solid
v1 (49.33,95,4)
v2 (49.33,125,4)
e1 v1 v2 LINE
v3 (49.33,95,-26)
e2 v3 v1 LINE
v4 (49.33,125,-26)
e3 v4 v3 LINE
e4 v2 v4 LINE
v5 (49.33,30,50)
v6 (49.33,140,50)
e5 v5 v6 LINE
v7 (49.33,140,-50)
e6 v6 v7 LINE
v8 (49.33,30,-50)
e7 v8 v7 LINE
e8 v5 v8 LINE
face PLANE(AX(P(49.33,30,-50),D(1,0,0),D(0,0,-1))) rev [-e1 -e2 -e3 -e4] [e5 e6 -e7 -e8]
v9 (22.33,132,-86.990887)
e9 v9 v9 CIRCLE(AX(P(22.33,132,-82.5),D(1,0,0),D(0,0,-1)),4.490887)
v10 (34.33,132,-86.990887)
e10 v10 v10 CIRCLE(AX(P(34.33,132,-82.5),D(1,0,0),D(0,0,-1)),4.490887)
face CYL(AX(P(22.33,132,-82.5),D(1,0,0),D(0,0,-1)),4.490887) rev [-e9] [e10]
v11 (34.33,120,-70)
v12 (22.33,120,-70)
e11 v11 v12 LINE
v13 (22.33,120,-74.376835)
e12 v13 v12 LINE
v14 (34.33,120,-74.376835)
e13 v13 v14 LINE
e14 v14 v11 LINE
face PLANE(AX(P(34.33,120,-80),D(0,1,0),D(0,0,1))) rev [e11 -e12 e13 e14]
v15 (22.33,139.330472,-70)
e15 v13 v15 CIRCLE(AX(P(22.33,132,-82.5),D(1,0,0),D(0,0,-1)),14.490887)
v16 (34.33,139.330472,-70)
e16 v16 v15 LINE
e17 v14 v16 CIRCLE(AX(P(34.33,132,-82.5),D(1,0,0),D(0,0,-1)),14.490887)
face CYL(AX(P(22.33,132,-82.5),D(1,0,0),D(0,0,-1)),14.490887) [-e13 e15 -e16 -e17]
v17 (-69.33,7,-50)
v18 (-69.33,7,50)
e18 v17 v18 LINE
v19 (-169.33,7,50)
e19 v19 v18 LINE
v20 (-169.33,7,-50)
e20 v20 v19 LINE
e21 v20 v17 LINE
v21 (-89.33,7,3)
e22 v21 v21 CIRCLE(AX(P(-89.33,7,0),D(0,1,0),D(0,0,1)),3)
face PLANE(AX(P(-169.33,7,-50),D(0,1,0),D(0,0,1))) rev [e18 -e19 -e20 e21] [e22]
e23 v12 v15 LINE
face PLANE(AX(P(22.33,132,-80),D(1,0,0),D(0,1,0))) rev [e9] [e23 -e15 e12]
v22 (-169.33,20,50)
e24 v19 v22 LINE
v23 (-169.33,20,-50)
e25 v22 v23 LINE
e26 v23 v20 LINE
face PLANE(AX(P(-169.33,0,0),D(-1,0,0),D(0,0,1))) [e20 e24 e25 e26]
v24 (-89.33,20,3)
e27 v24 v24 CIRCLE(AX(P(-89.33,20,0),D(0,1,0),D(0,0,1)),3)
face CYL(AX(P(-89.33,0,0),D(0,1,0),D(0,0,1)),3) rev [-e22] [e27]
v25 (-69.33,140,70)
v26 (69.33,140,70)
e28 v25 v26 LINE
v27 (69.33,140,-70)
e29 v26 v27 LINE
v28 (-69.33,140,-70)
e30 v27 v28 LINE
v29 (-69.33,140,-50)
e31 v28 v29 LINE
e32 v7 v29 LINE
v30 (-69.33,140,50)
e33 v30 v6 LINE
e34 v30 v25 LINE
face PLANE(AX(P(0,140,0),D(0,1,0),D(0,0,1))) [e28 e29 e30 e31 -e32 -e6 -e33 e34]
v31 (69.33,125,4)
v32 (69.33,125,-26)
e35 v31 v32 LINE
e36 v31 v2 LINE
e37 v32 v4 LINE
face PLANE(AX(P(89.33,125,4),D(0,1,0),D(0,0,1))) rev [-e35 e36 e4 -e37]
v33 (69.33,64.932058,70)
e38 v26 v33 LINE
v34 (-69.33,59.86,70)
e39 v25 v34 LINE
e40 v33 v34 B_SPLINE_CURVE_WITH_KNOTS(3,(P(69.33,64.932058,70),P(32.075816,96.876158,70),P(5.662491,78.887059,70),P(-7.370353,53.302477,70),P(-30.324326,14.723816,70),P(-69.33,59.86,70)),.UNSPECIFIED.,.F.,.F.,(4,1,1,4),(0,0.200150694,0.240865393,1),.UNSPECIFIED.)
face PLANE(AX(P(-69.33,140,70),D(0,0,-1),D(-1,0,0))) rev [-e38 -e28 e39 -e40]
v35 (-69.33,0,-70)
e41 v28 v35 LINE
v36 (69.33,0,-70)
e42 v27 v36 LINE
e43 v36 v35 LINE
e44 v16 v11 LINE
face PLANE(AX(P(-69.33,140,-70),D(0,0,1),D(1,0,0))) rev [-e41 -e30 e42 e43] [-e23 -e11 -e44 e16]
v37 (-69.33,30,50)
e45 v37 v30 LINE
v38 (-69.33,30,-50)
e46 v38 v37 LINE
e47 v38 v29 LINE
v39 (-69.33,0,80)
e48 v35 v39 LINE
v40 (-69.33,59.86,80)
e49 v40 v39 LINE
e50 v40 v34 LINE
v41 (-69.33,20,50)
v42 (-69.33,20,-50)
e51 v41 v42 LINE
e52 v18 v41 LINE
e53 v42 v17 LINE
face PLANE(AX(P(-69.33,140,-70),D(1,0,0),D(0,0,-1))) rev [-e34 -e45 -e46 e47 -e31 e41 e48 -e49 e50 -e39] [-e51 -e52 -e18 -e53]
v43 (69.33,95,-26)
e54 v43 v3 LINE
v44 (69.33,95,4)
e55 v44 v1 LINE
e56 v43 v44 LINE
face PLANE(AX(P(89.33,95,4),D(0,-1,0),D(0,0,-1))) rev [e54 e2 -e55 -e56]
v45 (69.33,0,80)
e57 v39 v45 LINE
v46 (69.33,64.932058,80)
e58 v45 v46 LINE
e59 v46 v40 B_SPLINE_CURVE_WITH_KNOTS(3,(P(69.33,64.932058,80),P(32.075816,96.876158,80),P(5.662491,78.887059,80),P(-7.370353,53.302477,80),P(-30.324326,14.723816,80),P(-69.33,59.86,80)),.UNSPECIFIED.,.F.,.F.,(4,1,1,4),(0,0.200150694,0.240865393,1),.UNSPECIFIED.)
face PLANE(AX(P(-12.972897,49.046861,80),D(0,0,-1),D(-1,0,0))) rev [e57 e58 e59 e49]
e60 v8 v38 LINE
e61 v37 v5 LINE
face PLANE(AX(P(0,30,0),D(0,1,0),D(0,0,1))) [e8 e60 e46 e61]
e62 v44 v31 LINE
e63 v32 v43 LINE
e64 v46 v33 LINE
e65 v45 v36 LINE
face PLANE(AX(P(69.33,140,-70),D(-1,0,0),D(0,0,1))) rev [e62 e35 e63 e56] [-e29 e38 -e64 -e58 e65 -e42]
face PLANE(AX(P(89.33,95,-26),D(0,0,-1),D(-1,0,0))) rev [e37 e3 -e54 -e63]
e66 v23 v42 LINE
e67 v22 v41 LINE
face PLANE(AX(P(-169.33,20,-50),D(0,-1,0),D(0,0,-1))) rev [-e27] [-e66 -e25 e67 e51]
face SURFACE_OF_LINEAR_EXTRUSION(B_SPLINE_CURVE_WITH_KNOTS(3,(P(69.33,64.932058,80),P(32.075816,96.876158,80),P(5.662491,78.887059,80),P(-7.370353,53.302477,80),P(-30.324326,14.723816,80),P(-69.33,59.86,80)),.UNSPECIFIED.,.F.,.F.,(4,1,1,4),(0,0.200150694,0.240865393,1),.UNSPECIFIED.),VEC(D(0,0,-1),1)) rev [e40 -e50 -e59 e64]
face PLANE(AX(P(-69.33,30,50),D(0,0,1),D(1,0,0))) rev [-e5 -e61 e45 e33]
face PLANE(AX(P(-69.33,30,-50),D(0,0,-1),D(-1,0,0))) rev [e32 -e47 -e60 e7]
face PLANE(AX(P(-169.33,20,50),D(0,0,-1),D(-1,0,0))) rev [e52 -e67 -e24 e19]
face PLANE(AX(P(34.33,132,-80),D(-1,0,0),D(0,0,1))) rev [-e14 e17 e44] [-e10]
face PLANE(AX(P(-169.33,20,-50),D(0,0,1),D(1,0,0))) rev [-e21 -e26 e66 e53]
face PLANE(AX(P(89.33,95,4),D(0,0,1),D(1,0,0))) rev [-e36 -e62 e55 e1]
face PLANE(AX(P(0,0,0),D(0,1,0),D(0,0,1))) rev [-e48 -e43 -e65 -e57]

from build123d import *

# Parameters (mm, degrees)
SKETCH_1_W          = 138.66
SKETCH_1_H          = 140
EXTRUDE_1_DEPTH     = 140
SKETCH_2_W          = 118.66
SKETCH_2_H          = 100
CUT_EXTRUDE_1_DEPTH = 110
SKETCH_3_W          = 100
SKETCH_3_H          = 13
EXTRUDE_2_DEPTH     = 100
SKETCH_4_R          = 3
CUT_EXTRUDE_3_DEPTH = 220.026594047
SKETCH_5_W          = 12
SKETCH_5_H          = 12
EXTRUDE_3_DEPTH     = 10
SKETCH_6_R          = 14.490887282
SKETCH_6_R_2        = 4.490887282
EXTRUDE_2_2_DEPTH   = 12
SKETCH_7_R          = 4.490887282
CUT_EXTRUDE_4_DEPTH = 269.968786056
EXTRUDE_4_DEPTH     = 10
SKETCH_10_W         = 30
SKETCH_10_H         = 30
CUT_EXTRUDE_6_DEPTH = 40


with BuildPart() as part:
    # 草圖1 → 填料-伸長1 (new body)
    with BuildSketch(Plane(origin=(0, 0, 0), x_dir=(1, 0, 0), z_dir=(0, 1, 0))):
        Rectangle(SKETCH_1_W, SKETCH_1_H)
    extrude(amount=EXTRUDE_1_DEPTH)

    # 草圖2 → 除料-伸長1 (cut)
    with BuildSketch(Plane(origin=(0, 140, 0), x_dir=(1, 0, 0), z_dir=(0, 1, 0))):
        with Locations((-10, 0)):
            Rectangle(SKETCH_2_W, SKETCH_2_H)
    extrude(amount=-CUT_EXTRUDE_1_DEPTH, mode=Mode.SUBTRACT)

    # 草圖3 → Extrude 2 (add)
    with BuildSketch(Plane.ZY.offset(69.33)):
        with Locations((0, 13.5)):
            Rectangle(SKETCH_3_W, SKETCH_3_H)
    extrude(amount=EXTRUDE_2_DEPTH)

    # 草圖4 → 除料-伸長3 (cut, through all)
    with BuildSketch(Plane(origin=(0, 20, 0), x_dir=(1, 0, 0), z_dir=(0, 1, 0))):
        with Locations(Location((-89.33, 0, 0), (0, 0, 270))):
            Circle(SKETCH_4_R)
    extrude(amount=-CUT_EXTRUDE_3_DEPTH, mode=Mode.SUBTRACT)

    # 草圖5 → 填料-伸長3 (add)
    with BuildSketch(Plane(origin=(0, 0, -70), x_dir=(-1, 0, 0), z_dir=(0, 0, -1))):
        with Locations((-28.33, 126)):
            Rectangle(SKETCH_5_W, SKETCH_5_H)
    extrude(amount=EXTRUDE_3_DEPTH)

    # 草圖6 → Extrude 2 2 (add)
    with BuildSketch(Plane(origin=(34.33, 0, 0), x_dir=(0, 0, -1), z_dir=(1, 0, 0))):
        with Locations((82.5, 132)):
            Circle(SKETCH_6_R)
        with Locations((82.5, 132)):
            Circle(SKETCH_6_R_2, mode=Mode.SUBTRACT)
    extrude(amount=-EXTRUDE_2_2_DEPTH)

    # 草圖7 → 除料-伸長4 (cut, through all)
    with BuildSketch(Plane(origin=(34.33, 0, 0), x_dir=(0, 0, -1), z_dir=(1, 0, 0))):
        with Locations((82.5, 132)):
            Circle(SKETCH_7_R)
    extrude(amount=-CUT_EXTRUDE_4_DEPTH, mode=Mode.SUBTRACT)

    # 草圖8 → 填料-伸長4 (add)
    with BuildSketch(Plane.XY.offset(70)):
        with BuildLine():
            Line((69.33, 64.932058031), (69.33, 0))
            Line((69.33, 0), (-69.33, 0))
            Line((-69.33, 0), (-69.33, 59.86))
            add(Edge.make_bspline(
                [(-69.33, 59.86), (-30.324326289, 14.723815627), (-7.370352849, 53.302477249), (5.662490983, 78.887059451), (32.075816325, 96.876157593), (69.33, 64.932058031)],
                knots=[0, 0, 0, 0, 0.759134607, 0.799849306, 1, 1, 1, 1], degree=3))
        make_face()
    extrude(amount=EXTRUDE_4_DEPTH)

    # 草圖10 → 除料-伸長6 (cut)
    with BuildSketch(Plane.ZY.offset(-49.33)):
        with Locations((-11, 110)):
            Rectangle(SKETCH_10_W, SKETCH_10_H)
    extrude(amount=-CUT_EXTRUDE_6_DEPTH, mode=Mode.SUBTRACT)


solid = part.part
